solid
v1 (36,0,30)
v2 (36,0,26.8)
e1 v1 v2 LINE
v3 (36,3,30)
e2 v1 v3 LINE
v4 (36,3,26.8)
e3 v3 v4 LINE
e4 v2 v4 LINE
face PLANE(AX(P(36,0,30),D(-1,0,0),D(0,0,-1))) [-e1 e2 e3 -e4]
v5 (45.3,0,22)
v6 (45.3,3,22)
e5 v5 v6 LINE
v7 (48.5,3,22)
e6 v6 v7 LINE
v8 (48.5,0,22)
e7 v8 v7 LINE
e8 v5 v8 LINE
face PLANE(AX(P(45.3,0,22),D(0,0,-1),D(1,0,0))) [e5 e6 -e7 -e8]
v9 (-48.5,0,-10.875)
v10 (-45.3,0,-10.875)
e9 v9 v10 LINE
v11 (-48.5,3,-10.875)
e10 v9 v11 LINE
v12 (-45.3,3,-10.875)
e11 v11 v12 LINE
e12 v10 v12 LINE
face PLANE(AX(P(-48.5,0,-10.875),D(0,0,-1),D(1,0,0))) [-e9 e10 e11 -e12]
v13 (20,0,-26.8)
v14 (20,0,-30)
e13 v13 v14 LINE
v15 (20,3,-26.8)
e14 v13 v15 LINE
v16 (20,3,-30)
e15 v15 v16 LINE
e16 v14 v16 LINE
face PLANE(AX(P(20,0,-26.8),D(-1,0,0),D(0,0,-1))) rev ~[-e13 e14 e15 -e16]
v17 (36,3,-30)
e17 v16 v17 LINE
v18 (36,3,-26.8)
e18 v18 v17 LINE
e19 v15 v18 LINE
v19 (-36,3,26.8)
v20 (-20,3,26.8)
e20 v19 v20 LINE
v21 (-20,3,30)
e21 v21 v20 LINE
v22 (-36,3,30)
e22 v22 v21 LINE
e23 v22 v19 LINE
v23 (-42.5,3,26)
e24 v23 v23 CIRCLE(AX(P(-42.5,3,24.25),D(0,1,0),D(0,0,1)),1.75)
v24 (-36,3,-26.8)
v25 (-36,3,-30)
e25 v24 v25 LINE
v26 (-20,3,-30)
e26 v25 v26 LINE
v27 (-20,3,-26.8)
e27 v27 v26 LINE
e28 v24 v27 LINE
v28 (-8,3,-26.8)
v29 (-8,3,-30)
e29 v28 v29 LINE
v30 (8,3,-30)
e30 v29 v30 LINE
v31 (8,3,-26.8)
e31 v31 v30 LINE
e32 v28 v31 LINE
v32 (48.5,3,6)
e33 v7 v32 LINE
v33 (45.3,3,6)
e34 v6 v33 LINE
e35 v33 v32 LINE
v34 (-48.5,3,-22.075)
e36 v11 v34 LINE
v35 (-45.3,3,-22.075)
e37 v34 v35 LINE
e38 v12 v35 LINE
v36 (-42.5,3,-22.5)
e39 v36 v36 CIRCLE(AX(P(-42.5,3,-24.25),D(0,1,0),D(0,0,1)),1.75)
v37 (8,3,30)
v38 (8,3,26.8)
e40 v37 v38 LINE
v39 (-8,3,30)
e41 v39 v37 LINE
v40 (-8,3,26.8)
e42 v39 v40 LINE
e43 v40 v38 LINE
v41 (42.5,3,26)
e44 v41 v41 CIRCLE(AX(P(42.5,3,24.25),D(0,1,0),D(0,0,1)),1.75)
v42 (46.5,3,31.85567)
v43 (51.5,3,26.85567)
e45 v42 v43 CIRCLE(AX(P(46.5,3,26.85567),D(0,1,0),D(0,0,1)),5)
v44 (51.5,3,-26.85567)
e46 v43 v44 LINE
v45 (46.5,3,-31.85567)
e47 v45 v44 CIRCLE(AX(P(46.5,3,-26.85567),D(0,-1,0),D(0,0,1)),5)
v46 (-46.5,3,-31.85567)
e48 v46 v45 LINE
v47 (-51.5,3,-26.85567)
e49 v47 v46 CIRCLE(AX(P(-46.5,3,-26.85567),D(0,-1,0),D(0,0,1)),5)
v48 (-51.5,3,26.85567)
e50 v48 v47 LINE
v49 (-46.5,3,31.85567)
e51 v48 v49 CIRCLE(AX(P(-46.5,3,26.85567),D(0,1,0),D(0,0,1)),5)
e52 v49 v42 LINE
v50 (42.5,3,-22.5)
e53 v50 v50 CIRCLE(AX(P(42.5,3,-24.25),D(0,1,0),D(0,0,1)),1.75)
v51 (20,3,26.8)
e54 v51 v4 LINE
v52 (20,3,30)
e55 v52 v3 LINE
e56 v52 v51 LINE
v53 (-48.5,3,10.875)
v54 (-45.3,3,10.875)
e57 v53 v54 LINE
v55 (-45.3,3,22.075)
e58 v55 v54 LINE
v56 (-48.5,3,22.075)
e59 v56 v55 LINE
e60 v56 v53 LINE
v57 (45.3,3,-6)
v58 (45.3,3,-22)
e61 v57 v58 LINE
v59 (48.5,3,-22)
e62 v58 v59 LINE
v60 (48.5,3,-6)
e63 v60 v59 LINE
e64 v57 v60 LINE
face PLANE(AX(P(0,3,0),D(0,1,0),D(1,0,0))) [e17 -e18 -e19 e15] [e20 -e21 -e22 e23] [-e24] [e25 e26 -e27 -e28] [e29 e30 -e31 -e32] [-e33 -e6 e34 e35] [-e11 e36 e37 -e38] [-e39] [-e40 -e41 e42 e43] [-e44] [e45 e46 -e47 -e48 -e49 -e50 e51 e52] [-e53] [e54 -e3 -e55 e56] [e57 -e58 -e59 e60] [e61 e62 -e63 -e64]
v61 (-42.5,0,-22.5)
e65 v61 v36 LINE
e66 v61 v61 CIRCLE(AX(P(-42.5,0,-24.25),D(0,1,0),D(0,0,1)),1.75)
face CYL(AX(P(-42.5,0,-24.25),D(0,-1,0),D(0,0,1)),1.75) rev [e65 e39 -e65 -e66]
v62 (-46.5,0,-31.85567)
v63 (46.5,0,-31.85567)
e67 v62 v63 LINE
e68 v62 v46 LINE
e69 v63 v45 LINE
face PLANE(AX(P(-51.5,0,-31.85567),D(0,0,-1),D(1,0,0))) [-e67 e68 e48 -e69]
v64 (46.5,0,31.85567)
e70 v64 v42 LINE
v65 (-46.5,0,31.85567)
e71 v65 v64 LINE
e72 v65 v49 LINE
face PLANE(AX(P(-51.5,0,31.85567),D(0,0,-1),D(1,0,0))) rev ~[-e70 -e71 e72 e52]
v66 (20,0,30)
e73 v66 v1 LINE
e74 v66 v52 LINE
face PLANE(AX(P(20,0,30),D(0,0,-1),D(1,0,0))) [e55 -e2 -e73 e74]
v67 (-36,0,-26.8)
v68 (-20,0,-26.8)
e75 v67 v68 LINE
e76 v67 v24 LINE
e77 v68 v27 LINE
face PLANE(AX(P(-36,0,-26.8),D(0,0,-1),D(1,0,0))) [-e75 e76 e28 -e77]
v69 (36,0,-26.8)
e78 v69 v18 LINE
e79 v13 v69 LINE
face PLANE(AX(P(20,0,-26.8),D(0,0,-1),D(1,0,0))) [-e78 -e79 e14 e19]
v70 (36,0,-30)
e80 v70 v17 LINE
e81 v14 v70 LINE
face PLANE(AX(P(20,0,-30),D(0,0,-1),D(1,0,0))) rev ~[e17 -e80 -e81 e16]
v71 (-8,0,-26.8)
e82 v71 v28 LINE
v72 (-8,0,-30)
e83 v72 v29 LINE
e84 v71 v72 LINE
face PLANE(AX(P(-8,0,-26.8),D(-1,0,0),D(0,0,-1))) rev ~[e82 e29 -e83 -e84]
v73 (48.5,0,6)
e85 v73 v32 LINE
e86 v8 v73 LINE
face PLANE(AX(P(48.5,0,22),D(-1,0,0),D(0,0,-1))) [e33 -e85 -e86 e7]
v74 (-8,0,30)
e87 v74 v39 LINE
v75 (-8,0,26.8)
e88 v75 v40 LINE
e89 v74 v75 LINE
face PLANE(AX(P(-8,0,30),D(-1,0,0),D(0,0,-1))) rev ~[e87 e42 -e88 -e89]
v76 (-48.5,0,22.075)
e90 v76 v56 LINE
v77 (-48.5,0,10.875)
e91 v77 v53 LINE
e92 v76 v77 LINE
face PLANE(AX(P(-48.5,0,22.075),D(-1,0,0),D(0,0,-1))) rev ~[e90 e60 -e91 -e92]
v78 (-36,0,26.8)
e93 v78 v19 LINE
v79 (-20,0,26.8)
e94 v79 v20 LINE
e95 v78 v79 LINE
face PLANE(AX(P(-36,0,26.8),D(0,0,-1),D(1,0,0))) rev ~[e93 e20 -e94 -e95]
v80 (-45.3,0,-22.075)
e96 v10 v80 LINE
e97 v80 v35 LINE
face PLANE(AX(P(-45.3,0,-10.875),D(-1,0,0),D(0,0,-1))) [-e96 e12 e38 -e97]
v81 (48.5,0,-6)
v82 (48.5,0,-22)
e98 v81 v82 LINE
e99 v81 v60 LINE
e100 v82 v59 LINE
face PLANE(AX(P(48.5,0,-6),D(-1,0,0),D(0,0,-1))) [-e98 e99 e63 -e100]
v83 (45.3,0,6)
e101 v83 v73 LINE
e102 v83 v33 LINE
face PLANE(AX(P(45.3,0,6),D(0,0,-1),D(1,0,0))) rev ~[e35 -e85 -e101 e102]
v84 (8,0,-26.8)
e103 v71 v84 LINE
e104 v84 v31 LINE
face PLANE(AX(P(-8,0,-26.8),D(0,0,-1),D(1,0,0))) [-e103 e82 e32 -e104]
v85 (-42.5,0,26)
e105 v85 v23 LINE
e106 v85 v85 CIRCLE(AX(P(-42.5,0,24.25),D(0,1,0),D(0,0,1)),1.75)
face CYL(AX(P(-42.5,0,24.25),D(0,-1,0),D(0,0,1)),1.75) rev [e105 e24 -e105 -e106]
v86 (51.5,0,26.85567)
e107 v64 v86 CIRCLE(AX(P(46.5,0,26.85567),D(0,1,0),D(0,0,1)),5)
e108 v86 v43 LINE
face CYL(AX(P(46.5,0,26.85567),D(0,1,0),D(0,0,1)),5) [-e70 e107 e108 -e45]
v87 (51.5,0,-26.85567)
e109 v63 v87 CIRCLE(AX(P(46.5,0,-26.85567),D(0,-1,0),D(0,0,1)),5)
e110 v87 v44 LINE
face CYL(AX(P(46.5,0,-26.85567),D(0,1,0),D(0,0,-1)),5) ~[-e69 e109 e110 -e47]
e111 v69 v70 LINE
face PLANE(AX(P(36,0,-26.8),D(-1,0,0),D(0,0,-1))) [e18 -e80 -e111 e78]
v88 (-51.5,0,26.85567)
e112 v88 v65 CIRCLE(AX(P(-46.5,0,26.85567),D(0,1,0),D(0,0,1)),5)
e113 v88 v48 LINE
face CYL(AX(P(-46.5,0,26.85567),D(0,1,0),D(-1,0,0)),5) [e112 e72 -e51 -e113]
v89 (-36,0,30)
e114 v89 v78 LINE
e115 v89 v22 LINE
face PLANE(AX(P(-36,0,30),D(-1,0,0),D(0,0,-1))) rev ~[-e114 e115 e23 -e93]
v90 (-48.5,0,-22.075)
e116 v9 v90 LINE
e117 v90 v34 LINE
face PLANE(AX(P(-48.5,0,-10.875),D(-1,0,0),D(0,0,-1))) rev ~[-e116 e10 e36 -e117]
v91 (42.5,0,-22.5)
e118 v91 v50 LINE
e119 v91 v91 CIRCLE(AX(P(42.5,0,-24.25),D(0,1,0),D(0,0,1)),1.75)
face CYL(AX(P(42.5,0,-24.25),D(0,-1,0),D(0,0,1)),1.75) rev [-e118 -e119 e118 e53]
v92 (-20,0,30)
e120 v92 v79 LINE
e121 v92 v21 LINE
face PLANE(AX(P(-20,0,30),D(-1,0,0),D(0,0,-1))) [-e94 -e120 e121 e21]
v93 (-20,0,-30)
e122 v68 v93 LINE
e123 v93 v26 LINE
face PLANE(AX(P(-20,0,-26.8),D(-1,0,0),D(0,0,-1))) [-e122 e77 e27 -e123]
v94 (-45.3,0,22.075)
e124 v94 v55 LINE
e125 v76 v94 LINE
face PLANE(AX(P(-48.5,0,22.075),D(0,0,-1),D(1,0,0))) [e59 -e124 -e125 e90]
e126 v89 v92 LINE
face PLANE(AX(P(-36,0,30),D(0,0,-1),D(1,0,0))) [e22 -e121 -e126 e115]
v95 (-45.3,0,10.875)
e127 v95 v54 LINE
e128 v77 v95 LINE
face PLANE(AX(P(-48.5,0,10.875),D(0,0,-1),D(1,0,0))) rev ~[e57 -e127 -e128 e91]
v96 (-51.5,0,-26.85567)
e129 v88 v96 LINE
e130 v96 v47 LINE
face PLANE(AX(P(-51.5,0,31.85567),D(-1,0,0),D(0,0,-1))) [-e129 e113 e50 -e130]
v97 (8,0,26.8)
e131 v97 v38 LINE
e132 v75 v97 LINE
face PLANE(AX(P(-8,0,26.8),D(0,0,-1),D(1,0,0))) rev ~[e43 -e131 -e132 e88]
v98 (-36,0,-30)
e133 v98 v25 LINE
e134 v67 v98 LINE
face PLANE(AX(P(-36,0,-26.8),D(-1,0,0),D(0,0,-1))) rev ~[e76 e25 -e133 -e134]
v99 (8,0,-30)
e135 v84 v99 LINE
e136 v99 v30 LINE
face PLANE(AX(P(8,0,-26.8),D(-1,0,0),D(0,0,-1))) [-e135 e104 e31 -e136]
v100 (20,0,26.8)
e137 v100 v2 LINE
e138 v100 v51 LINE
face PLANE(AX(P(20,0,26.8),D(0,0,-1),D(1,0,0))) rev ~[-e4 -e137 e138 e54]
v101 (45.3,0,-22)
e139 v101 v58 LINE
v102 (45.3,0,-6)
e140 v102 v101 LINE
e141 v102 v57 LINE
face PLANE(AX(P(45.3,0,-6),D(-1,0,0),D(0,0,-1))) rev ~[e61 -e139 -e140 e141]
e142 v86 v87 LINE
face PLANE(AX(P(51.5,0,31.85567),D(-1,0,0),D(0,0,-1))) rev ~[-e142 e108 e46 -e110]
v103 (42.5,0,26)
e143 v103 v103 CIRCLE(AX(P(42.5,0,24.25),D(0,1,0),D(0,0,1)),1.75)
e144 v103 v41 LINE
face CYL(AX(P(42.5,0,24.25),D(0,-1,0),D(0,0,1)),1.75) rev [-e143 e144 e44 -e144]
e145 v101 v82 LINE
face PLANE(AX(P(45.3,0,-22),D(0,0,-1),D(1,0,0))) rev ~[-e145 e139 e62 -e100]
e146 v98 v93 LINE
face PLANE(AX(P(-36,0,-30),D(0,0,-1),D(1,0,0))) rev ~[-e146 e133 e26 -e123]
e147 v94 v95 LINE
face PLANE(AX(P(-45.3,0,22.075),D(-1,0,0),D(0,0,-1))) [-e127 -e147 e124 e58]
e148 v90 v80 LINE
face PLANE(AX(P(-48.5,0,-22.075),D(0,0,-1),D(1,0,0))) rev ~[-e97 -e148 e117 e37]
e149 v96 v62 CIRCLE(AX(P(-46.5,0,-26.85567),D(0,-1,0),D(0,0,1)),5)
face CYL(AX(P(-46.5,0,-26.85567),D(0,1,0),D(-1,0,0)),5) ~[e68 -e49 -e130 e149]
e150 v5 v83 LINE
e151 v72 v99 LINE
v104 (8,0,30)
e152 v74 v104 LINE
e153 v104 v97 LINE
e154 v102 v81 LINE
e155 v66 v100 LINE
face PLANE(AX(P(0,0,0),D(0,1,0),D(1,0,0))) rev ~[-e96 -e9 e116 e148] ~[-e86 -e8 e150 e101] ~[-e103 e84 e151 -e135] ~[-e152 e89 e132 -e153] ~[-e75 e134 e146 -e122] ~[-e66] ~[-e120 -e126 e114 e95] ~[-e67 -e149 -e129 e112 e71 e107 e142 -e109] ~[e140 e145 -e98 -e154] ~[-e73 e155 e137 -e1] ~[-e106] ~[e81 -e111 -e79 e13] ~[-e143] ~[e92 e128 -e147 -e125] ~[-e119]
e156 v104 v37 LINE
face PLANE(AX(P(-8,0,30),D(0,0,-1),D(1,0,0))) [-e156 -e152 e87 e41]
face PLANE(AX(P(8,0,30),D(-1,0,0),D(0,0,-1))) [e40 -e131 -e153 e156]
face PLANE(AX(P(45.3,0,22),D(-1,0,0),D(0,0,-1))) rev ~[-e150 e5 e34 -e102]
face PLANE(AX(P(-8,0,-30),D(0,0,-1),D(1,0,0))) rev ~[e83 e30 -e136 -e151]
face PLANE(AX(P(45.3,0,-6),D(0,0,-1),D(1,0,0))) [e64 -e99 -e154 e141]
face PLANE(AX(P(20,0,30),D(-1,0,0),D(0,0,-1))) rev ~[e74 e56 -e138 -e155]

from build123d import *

# Parameters (mm, degrees)
SKETCH1_W           = 103
SKETCH1_H           = 63.711340206
SKETCH1_R           = 1.75
SKETCH1_W_2         = 16
SKETCH1_H_2         = 3.2
SKETCH1_W_3         = 3.2
SKETCH1_H_3         = 11.2
SKETCH1_H_4         = 16
BOSS_EXTRUDE1_DEPTH = 3
FILLET1_R           = 5


with BuildPart() as part:
    # Sketch1 → Boss-Extrude1 (new body)
    with BuildSketch(Plane(origin=(0, 0, 0), x_dir=(1, 0, 0), z_dir=(0, 1, 0))):
        Rectangle(SKETCH1_W, SKETCH1_H)
        with Locations(Location((-42.5, 24.25, 0), (0, 0, 270))):
            Circle(SKETCH1_R, mode=Mode.SUBTRACT)
        with Locations(Location((42.5, 24.25, 0), (0, 0, 270))):
            Circle(SKETCH1_R, mode=Mode.SUBTRACT)
        with Locations(Location((-42.5, -24.25, 0), (0, 0, 270))):
            Circle(SKETCH1_R, mode=Mode.SUBTRACT)
        with Locations(Location((42.5, -24.25, 0), (0, 0, 270))):
            Circle(SKETCH1_R, mode=Mode.SUBTRACT)
        with Locations((-28, 28.4)):
            Rectangle(SKETCH1_W_2, SKETCH1_H_2, mode=Mode.SUBTRACT)
        with Locations((28, 28.4)):
            Rectangle(SKETCH1_W_2, SKETCH1_H_2, mode=Mode.SUBTRACT)
        with Locations((-46.9, 16.475)):
            Rectangle(SKETCH1_W_3, SKETCH1_H_3, mode=Mode.SUBTRACT)
        with Locations((-46.9, -16.475)):
            Rectangle(SKETCH1_W_3, SKETCH1_H_3, mode=Mode.SUBTRACT)
        with Locations((0, 28.4)):
            Rectangle(SKETCH1_W_2, SKETCH1_H_2, mode=Mode.SUBTRACT)
        with Locations((-28, -28.4)):
            Rectangle(SKETCH1_W_2, SKETCH1_H_2, mode=Mode.SUBTRACT)
        with Locations((28, -28.4)):
            Rectangle(SKETCH1_W_2, SKETCH1_H_2, mode=Mode.SUBTRACT)
        with Locations((0, -28.4)):
            Rectangle(SKETCH1_W_2, SKETCH1_H_2, mode=Mode.SUBTRACT)
        with Locations((46.9, -14)):
            Rectangle(SKETCH1_W_3, SKETCH1_H_4, mode=Mode.SUBTRACT)
        with Locations((46.9, 14)):
            Rectangle(SKETCH1_W_3, SKETCH1_H_4, mode=Mode.SUBTRACT)
    extrude(amount=BOSS_EXTRUDE1_DEPTH)

    # Fillet1
    fillet1_edges = [part.edges().sort_by_distance(p)[0] for p in [
        (51.5, 1.5, 31.855670103),
        (-51.5, 1.5, 31.855670103),
        (-51.5, 1.5, -31.855670103),
        (51.5, 1.5, -31.855670103),
    ]]
    fillet(fillet1_edges, radius=FILLET1_R)


solid = part.part
